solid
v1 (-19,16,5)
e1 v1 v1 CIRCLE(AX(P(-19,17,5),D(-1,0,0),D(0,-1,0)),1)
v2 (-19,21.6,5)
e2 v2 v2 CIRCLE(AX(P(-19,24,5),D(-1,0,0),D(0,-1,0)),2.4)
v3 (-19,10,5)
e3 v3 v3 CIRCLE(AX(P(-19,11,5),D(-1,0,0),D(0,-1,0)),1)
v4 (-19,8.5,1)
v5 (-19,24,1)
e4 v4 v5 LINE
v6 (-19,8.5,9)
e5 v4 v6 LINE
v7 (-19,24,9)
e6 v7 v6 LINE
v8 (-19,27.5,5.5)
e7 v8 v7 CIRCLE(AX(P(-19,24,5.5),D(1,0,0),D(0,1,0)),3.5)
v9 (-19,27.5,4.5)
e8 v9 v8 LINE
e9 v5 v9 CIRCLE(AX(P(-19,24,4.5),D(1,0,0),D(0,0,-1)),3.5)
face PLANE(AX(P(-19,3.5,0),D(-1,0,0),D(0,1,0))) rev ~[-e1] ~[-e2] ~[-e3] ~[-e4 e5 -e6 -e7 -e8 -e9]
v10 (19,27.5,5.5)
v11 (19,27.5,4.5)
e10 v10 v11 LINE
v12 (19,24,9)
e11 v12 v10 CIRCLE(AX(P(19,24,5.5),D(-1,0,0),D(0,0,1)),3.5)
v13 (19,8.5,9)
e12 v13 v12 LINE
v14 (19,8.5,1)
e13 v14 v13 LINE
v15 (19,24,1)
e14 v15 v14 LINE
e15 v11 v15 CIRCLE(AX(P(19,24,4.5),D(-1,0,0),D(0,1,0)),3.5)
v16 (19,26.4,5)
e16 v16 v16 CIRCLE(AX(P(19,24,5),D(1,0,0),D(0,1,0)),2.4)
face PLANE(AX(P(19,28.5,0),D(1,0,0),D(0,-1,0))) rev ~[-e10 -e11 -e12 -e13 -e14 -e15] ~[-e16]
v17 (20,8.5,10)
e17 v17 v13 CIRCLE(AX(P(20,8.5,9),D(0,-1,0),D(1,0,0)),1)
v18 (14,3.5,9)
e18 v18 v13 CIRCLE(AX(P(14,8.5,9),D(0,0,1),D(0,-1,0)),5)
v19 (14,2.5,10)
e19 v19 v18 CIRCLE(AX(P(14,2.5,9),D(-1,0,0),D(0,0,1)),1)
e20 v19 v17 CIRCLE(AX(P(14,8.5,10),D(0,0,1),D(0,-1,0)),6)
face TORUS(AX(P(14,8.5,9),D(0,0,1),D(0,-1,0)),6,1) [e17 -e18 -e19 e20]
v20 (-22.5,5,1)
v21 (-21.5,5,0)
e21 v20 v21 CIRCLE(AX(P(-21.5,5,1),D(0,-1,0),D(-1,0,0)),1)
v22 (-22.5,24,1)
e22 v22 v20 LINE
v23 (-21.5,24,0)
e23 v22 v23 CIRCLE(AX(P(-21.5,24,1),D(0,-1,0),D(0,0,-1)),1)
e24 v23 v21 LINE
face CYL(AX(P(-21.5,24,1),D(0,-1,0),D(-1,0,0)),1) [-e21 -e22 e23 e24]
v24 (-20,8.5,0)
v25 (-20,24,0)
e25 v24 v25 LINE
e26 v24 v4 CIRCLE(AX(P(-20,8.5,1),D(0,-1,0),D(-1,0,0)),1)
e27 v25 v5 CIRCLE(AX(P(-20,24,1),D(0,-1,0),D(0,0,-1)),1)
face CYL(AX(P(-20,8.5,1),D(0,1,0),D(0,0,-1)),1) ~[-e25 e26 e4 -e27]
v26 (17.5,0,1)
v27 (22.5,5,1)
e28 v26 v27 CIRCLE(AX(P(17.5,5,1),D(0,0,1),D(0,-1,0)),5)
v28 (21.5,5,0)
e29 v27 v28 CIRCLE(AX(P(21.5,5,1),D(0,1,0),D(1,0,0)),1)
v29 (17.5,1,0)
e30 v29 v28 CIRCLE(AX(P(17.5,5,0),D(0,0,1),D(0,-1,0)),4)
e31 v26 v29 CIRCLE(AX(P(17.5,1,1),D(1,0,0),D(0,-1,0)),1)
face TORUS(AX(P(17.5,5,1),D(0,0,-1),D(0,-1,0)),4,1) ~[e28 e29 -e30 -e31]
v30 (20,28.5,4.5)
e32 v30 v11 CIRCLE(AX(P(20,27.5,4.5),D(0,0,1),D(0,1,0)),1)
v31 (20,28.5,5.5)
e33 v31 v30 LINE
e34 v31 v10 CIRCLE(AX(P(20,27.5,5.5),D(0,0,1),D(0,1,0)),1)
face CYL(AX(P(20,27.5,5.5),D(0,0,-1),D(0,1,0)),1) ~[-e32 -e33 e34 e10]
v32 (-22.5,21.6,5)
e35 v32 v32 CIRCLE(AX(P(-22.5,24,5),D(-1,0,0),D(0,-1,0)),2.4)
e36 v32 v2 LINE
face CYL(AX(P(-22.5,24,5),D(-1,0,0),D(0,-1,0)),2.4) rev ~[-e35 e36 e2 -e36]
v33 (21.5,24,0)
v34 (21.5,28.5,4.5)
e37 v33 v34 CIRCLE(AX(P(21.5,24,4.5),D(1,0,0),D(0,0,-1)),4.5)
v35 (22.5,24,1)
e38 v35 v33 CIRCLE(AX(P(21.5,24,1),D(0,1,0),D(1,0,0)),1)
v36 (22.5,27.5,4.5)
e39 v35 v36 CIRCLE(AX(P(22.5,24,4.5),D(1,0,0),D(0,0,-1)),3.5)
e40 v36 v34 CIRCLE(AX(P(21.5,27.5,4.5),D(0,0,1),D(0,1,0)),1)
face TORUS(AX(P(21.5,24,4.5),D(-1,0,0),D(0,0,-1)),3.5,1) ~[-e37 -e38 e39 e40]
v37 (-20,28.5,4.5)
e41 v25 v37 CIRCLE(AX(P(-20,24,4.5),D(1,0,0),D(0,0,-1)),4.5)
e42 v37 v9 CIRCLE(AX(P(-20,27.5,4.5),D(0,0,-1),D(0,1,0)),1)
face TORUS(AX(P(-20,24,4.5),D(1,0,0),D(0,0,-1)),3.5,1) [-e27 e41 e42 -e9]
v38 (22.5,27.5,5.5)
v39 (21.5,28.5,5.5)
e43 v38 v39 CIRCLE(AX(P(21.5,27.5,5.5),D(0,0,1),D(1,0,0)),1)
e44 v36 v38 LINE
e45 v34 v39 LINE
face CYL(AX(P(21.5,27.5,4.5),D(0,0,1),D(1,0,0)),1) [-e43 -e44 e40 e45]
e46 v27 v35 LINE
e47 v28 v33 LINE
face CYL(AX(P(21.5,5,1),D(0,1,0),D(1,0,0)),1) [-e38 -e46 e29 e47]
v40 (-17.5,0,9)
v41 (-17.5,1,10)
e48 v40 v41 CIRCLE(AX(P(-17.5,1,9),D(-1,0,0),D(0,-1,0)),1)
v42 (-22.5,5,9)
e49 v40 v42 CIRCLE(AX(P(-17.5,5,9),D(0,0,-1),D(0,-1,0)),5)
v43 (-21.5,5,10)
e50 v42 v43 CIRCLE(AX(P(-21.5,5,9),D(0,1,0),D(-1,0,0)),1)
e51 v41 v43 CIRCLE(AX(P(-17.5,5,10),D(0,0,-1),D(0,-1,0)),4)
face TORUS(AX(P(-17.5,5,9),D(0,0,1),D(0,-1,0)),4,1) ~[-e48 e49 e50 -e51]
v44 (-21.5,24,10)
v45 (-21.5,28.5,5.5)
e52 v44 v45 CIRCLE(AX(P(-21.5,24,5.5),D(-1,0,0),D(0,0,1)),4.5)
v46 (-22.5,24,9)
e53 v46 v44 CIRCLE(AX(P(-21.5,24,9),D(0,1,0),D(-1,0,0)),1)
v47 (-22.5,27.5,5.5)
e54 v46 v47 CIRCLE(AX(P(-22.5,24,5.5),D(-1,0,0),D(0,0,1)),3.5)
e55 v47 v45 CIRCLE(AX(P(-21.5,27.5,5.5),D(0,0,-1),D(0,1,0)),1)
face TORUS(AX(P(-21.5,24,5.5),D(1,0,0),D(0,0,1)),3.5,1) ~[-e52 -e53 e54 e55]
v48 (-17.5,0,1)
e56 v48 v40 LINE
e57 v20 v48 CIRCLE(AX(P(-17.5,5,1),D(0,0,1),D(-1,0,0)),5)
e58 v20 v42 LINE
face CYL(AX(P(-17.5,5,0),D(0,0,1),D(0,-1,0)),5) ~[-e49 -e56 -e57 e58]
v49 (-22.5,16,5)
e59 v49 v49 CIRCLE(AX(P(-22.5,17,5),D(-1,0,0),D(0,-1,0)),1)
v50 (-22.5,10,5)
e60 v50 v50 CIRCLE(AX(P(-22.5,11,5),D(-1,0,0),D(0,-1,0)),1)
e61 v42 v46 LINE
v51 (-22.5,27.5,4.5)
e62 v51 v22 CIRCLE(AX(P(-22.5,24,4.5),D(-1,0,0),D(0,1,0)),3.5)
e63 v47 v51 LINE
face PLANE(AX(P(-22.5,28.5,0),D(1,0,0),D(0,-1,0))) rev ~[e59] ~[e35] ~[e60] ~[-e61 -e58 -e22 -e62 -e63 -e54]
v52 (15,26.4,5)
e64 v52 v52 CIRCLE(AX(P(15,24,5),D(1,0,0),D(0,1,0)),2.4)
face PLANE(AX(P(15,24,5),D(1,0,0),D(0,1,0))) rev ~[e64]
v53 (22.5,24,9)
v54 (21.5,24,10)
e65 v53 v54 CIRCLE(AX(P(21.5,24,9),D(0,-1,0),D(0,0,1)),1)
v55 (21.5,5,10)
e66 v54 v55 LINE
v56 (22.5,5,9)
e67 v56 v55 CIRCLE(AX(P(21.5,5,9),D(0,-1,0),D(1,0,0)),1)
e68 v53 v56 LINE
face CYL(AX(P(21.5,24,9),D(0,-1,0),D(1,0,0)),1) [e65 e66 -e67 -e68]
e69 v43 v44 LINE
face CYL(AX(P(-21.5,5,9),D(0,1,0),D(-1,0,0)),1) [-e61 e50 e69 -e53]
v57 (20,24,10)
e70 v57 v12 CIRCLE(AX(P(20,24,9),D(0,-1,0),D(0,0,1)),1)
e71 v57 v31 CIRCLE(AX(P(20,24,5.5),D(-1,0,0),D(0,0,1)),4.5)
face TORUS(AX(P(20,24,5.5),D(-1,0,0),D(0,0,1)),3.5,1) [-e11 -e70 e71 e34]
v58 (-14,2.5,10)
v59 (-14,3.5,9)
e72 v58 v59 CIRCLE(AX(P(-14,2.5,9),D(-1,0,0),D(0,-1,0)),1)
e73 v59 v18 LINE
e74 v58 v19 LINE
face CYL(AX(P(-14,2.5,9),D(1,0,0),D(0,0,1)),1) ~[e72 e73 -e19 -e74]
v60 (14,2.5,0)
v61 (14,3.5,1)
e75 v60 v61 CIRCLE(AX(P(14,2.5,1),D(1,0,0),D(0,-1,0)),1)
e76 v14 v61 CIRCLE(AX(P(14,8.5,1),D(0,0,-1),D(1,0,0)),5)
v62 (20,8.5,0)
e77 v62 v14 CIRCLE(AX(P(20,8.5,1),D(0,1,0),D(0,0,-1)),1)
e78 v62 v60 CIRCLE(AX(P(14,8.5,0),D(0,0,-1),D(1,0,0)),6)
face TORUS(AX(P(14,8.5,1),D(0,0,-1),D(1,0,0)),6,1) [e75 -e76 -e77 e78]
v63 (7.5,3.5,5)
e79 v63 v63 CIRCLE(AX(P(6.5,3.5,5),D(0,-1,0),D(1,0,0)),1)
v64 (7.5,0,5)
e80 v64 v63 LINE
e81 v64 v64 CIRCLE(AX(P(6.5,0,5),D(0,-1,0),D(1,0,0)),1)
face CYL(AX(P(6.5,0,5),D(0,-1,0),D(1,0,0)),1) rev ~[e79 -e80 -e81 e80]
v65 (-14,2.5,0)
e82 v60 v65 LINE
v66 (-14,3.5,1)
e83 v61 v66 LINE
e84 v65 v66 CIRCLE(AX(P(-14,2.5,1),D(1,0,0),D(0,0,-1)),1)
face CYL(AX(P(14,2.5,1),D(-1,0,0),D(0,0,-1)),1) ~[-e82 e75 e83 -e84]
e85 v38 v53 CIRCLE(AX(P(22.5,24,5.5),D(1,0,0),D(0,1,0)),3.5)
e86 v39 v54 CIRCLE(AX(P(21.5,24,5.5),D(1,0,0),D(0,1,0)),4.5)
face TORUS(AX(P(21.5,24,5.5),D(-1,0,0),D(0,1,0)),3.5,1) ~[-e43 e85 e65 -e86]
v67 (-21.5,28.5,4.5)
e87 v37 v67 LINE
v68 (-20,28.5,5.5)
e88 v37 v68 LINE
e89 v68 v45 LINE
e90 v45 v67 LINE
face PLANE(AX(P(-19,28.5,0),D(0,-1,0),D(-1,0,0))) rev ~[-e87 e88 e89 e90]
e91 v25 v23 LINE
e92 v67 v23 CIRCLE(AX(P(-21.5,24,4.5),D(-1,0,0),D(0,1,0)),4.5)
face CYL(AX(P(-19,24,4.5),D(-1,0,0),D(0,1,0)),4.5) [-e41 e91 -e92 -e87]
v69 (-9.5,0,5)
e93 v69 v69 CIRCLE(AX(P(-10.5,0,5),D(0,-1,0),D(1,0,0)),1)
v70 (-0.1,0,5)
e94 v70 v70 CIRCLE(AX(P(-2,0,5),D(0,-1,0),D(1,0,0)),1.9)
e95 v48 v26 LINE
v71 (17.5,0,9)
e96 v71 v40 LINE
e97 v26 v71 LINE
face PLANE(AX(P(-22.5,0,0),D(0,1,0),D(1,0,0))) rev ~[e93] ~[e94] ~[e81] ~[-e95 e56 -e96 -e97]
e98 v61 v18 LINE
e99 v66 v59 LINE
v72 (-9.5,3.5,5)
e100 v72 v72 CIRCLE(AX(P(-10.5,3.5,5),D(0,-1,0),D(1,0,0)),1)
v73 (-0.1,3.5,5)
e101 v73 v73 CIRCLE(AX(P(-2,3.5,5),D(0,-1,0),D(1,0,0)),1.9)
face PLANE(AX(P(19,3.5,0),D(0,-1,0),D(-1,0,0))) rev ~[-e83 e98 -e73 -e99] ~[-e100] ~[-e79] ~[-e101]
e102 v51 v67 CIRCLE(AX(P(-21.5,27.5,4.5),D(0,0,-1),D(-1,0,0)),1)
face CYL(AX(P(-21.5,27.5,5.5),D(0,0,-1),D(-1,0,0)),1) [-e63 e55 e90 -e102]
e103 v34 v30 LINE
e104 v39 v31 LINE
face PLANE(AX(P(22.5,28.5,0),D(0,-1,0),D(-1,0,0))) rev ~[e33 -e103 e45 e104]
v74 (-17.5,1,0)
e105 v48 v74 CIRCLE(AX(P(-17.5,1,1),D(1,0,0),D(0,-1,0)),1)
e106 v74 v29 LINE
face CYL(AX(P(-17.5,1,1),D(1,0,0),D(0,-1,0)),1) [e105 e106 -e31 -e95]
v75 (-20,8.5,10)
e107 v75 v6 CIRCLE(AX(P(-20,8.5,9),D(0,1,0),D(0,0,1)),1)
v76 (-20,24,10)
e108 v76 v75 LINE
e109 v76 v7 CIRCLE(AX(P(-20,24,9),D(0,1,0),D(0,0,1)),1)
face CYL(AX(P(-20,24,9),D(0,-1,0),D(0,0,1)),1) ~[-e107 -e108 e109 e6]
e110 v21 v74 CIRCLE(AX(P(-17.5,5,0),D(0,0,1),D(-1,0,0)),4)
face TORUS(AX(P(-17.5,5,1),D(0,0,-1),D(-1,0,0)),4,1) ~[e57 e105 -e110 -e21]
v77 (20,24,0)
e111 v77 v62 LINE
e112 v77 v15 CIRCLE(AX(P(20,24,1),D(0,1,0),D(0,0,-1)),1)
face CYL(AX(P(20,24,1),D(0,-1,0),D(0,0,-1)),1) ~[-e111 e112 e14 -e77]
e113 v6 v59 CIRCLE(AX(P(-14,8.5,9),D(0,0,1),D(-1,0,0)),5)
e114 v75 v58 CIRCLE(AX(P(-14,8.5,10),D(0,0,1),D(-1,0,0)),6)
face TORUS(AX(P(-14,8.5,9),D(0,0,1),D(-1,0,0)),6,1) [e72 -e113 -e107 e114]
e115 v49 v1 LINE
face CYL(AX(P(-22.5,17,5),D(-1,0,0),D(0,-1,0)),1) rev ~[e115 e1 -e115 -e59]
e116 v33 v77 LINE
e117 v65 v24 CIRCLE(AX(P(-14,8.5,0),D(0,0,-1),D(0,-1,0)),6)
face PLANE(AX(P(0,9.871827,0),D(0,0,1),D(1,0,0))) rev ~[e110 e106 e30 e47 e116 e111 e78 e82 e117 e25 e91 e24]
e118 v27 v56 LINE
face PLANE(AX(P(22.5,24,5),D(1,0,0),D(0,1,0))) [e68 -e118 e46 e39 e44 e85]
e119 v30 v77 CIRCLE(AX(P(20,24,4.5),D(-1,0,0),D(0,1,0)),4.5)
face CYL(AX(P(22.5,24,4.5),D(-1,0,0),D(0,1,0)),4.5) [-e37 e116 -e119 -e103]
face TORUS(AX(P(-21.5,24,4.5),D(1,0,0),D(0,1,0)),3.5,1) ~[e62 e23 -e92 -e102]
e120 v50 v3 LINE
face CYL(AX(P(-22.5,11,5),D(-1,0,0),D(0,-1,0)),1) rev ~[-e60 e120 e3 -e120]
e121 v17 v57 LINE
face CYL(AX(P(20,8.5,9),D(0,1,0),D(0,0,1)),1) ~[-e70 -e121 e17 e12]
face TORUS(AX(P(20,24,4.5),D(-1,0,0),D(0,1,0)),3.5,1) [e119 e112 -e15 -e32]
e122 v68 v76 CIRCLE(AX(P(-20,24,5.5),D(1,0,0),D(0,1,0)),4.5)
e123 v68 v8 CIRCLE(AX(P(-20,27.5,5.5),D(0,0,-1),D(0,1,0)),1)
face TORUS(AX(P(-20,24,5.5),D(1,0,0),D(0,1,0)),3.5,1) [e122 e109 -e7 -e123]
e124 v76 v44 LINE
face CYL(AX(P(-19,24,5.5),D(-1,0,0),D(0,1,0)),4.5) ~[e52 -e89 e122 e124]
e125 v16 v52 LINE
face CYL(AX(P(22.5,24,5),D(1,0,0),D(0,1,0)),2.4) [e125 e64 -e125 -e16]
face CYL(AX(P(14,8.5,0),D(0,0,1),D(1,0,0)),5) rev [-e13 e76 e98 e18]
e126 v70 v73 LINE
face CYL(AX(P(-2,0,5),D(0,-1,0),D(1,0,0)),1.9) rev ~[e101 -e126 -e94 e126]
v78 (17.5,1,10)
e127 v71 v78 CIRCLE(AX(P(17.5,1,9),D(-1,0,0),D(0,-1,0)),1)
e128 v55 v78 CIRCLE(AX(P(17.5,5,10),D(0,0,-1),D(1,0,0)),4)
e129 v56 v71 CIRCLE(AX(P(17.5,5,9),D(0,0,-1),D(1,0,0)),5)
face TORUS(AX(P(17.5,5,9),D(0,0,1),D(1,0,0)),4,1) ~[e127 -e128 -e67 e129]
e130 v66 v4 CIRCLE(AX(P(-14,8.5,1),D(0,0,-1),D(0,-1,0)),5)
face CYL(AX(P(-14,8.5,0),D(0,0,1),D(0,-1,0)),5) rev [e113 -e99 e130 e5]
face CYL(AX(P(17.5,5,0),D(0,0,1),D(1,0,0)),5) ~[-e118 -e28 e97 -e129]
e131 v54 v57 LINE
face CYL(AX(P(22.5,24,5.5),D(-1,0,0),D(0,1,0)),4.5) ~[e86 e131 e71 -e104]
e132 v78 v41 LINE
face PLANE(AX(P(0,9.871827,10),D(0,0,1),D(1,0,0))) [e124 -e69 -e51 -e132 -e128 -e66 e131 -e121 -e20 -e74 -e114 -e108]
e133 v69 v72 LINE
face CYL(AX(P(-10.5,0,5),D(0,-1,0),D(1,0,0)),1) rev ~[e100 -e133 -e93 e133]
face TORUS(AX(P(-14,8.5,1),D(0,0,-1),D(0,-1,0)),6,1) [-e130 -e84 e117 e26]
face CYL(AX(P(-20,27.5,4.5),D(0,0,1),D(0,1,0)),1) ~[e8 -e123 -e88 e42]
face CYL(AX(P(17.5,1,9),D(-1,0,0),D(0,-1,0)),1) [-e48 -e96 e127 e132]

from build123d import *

# Parameters (mm, degrees)
F1_DEPTH       = 10
F2_R           = 4.5
F3_R           = 1
F4_DEPTH       = 4
F5_R           = 2.4
F6_DEPTH       = 7.5
F3_R_2         = 2.4
F7_DEPTH       = 25
F7_DEPTH_BACK  = 25
F8_R           = 5
F9_R           = 1
F9_R_2         = 1.9
F10_DEPTH      = 25
F10_DEPTH_BACK = 25
F11_R          = 1


with BuildPart() as f1:
    # F0 (on Top) → F1 (new body)
    with BuildSketch(Plane.XY):
        Polygon((-22.5, 0), (0, 0), (22.5, 0), (22.5, 28.5), (19, 28.5), (19, 3.5), (0, 3.5), (-19, 3.5), (-19, 28.5), (-22.5, 28.5), align=None)
    extrude(amount=F1_DEPTH)

    # F2
    f2_edges = [f1.edges().sort_by_distance(p)[0] for p in [
        (-20.75, 28.5, 10),
        (-20.75, 28.5, 0),
        (20.75, 28.5, 10),
        (20.75, 28.5, 0),
    ]]
    fillet(f2_edges, radius=F2_R)

    # F3 (on face) → F4 (cut)
    with BuildSketch(Plane(origin=(-22.5, 0, 0), x_dir=(0, -1, 0), z_dir=(-1, 0, 0))):
        with Locations((-17, 5)):
            Circle(F3_R)
        with Locations((-11, 5)):
            Circle(F3_R)
    extrude(amount=-F4_DEPTH, mode=Mode.SUBTRACT)

    # F5 (on face) → F6 (join)
    with BuildSketch(Plane.YZ.offset(22.5)):
        with Locations((24, 5)):
            Circle(F5_R)
    extrude(amount=-F6_DEPTH)

    # F3 (on face) → F7 (cut, two sides)
    with BuildSketch(Plane(origin=(-22.5, 0, 0), x_dir=(0, -1, 0), z_dir=(-1, 0, 0))) as f7_sk:
        with Locations((-24, 5)):
            Circle(F3_R_2)
    extrude(amount=-F7_DEPTH, mode=Mode.SUBTRACT)
    extrude(f7_sk.sketch, amount=-F7_DEPTH_BACK, mode=Mode.SUBTRACT)

    # F8
    f8_edges = [f1.edges().sort_by_distance(p)[0] for p in [
        (-22.5, 0, 5),
        (22.5, 0, 5),
        (-19, 3.5, 5),
        (19, 3.5, 5),
    ]]
    fillet(f8_edges, radius=F8_R)

    # F9 (on face) → F10 (cut, two sides)
    with BuildSketch(Plane.XZ) as f10_sk:
        with Locations((-10.5, 5)):
            Circle(F9_R)
        with Locations((-2, 5)):
            Circle(F9_R_2)
        with Locations((6.5, 5)):
            Circle(F9_R)
    extrude(amount=-F10_DEPTH, mode=Mode.SUBTRACT)
    extrude(f10_sk.sketch, amount=-F10_DEPTH_BACK, mode=Mode.SUBTRACT)

    # F11
    f11_edges = [f1.edges().sort_by_distance(p)[0] for p in [
        (22.5, 14.5, 0),
        (21.035534, 1.464466, 0),
        (20.75, 24, 0),
        (0, 0, 0),
        (19, 16.25, 0),
        (-21.035534, 1.464466, 0),
        (17.535534, 4.964466, 0),
        (-22.5, 14.5, 0),
        (0, 3.5, 0),
        (-20.75, 24, 0),
        (-17.535534, 4.964466, 0),
        (-19, 16.25, 0),
    ]]
    fillet(f11_edges, radius=F11_R)


solid = f1.part
